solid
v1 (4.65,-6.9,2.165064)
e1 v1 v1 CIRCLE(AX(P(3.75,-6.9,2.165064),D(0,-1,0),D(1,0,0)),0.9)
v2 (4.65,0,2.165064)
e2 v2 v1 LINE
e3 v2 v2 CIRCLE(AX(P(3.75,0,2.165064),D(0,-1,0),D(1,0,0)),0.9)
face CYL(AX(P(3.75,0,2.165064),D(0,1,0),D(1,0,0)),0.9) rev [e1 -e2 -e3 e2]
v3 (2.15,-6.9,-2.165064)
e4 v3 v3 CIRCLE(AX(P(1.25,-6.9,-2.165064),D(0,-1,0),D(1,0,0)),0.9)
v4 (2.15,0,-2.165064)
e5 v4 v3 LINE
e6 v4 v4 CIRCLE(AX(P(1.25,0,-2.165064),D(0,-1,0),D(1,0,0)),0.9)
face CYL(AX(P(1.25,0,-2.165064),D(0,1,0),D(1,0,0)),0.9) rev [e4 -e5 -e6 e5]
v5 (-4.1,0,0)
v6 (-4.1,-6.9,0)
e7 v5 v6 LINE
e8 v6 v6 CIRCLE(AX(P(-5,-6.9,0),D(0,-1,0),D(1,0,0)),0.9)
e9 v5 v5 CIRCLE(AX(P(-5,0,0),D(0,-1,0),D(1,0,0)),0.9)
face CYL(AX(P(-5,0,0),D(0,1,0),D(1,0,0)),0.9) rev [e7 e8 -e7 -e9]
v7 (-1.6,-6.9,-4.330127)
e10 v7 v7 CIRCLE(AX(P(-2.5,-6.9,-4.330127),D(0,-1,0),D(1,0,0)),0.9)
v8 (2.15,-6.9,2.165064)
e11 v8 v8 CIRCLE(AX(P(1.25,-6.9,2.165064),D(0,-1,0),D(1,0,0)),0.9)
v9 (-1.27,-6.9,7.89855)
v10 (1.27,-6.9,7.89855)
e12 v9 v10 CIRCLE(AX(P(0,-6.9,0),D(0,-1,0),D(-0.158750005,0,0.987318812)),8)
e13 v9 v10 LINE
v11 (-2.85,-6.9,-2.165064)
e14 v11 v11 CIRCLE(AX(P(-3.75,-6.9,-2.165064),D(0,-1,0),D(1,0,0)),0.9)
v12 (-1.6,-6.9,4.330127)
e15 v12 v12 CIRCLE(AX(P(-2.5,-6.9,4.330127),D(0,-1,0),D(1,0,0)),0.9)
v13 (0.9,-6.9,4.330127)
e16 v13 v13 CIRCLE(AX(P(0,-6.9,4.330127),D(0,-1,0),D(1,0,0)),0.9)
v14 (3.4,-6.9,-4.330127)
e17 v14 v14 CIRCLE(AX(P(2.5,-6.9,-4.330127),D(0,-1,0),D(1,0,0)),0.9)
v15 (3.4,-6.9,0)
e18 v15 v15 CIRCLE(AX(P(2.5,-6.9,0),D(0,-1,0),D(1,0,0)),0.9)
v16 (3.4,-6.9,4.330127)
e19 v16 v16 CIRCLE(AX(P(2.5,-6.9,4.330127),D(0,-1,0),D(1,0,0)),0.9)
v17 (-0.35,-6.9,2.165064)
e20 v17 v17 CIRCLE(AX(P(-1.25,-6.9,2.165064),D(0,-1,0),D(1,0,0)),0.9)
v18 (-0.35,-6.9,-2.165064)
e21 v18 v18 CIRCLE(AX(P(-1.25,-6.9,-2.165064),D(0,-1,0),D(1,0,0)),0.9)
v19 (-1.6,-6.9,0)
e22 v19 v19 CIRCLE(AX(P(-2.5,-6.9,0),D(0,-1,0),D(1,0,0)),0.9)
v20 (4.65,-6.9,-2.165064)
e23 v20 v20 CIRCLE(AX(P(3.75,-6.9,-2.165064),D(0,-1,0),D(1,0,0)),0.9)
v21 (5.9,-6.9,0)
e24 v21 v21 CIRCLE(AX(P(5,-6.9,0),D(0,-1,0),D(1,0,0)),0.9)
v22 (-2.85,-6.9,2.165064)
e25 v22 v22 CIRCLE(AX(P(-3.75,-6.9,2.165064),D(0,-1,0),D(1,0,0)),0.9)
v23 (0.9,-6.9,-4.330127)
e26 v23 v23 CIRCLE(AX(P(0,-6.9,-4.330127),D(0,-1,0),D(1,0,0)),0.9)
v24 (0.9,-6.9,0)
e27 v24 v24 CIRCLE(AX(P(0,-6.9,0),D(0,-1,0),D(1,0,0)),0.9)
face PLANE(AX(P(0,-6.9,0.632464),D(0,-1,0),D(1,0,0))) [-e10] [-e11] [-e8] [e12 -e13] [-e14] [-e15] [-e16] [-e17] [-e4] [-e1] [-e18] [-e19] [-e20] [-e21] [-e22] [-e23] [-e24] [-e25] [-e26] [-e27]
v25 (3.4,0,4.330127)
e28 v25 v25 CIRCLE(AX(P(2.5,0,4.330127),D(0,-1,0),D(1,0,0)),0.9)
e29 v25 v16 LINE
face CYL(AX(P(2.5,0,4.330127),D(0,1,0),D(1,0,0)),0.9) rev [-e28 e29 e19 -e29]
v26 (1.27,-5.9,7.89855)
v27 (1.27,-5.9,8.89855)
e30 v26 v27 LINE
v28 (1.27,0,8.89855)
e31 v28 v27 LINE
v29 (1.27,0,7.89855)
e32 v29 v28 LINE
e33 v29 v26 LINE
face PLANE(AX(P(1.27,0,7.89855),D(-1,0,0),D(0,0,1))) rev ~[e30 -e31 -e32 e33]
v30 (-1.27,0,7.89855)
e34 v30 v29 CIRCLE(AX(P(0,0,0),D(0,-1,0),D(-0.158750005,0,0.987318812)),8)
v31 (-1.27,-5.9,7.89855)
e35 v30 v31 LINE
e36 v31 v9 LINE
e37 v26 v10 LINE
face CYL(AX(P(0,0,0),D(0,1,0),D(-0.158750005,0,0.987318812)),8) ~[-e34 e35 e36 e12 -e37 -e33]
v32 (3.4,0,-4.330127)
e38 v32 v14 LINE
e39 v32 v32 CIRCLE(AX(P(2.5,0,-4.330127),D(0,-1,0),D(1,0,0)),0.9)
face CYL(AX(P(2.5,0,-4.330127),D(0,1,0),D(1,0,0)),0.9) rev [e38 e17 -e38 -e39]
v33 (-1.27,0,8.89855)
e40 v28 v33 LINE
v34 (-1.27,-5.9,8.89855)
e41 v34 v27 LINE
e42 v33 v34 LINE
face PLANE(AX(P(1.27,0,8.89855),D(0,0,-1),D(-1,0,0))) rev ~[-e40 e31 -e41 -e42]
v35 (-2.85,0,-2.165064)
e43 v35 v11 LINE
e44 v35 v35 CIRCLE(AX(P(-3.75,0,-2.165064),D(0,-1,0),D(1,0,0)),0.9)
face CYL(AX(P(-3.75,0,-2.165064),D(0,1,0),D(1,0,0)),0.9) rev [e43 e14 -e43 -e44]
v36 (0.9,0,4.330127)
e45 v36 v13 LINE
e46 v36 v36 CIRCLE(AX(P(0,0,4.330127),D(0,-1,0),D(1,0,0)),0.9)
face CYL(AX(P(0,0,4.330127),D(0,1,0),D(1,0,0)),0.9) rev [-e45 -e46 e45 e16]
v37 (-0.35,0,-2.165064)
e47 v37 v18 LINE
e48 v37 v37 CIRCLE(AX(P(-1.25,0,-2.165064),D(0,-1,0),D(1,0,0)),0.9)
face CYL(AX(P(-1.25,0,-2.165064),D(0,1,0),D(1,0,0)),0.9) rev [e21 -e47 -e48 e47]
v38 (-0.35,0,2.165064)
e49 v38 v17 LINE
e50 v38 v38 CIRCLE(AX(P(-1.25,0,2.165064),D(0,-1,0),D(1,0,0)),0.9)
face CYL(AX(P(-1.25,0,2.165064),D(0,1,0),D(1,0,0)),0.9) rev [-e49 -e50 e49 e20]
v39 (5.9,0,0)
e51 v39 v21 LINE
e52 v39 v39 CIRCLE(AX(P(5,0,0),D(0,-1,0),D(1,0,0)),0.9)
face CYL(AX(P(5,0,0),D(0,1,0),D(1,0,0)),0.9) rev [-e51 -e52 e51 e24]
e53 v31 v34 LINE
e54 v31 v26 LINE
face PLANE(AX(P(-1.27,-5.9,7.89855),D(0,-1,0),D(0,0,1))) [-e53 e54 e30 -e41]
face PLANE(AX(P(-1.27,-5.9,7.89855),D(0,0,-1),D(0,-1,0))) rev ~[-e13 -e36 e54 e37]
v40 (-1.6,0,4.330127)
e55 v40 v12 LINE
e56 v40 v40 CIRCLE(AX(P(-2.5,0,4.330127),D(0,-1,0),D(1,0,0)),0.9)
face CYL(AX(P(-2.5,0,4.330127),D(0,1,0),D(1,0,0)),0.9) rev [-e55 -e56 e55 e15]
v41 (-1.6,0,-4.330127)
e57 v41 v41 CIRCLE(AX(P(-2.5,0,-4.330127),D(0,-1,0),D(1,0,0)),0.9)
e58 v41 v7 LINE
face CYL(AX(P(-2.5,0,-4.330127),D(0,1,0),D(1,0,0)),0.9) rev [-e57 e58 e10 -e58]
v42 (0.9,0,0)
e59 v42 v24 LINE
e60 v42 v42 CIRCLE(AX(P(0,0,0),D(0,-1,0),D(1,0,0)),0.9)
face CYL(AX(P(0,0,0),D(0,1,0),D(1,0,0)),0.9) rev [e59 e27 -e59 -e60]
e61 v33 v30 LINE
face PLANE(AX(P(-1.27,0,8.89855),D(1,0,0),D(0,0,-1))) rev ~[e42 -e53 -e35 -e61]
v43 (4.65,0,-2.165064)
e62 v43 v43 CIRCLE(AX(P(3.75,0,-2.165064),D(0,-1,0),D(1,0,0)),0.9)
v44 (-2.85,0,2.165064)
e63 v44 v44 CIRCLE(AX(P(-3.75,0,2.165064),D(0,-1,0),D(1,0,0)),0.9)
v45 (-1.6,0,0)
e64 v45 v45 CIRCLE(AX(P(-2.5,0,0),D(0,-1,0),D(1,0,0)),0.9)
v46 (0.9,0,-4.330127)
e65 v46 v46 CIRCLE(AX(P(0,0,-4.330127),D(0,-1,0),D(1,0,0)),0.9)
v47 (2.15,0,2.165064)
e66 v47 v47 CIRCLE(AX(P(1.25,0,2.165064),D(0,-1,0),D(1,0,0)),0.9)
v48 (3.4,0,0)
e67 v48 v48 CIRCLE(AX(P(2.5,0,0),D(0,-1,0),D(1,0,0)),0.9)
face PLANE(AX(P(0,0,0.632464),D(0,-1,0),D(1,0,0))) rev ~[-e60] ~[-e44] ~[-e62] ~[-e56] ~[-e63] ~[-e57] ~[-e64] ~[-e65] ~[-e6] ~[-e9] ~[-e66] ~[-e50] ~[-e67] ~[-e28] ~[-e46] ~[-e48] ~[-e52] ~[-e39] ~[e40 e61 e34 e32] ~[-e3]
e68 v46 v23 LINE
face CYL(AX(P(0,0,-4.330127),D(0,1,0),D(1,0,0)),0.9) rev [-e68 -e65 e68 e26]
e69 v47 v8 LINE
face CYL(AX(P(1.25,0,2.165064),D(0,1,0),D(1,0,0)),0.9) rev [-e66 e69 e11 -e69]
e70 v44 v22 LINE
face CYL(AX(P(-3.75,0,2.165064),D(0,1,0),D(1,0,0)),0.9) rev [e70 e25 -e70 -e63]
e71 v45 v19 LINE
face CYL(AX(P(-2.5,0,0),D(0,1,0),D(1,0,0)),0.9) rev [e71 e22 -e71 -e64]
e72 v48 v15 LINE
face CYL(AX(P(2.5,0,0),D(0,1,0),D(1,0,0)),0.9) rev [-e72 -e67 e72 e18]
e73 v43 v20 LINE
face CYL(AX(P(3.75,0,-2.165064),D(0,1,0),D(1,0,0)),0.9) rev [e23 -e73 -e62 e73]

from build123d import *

# Parameters (mm, degrees)
F0_R     = 0.9
F1_DEPTH = 6.9
F2_W     = 1
F2_H     = 1
F3_DEPTH = 2.54


with BuildPart() as f1:
    # F0 (on Front) → F1 (new body)
    with BuildSketch(Plane.XZ):
        with BuildLine():
            Line((-1.27, 8.89855), (-1.27, 7.89855))
            ThreePointArc((-1.27, 7.89855), (0, -8), (1.27, 7.89855))
            Line((1.27, 7.89855), (1.27, 8.89855))
            Line((1.27, 8.89855), (-1.27, 8.89855))
        make_face()
        with Locations((-2.5, -4.330127)):
            Circle(F0_R, mode=Mode.SUBTRACT)
        with Locations((-5, 0)):
            Circle(F0_R, mode=Mode.SUBTRACT)
        with Locations((-3.75, -2.165064)):
            Circle(F0_R, mode=Mode.SUBTRACT)
        with Locations((-1.25, -2.165064)):
            Circle(F0_R, mode=Mode.SUBTRACT)
        with Locations((-2.5, 0)):
            Circle(F0_R, mode=Mode.SUBTRACT)
        with Locations((0, -4.330127)):
            Circle(F0_R, mode=Mode.SUBTRACT)
        with Locations((2.5, -4.330127)):
            Circle(F0_R, mode=Mode.SUBTRACT)
        with Locations((1.25, -2.165064)):
            Circle(F0_R, mode=Mode.SUBTRACT)
        with Locations((3.75, -2.165064)):
            Circle(F0_R, mode=Mode.SUBTRACT)
        Circle(F0_R, mode=Mode.SUBTRACT)
        with Locations((2.5, 0)):
            Circle(F0_R, mode=Mode.SUBTRACT)
        with Locations((5, 0)):
            Circle(F0_R, mode=Mode.SUBTRACT)
        with Locations((-3.75, 2.165064)):
            Circle(F0_R, mode=Mode.SUBTRACT)
        with Locations((-1.25, 2.165064)):
            Circle(F0_R, mode=Mode.SUBTRACT)
        with Locations((-2.5, 4.330127)):
            Circle(F0_R, mode=Mode.SUBTRACT)
        with Locations((1.25, 2.165064)):
            Circle(F0_R, mode=Mode.SUBTRACT)
        with Locations((3.75, 2.165064)):
            Circle(F0_R, mode=Mode.SUBTRACT)
        with Locations((0, 4.330127)):
            Circle(F0_R, mode=Mode.SUBTRACT)
        with Locations((2.5, 4.330127)):
            Circle(F0_R, mode=Mode.SUBTRACT)
    extrude(amount=F1_DEPTH)

    # F2 (on face) → F3 (cut)
    with BuildSketch(Plane(origin=(-1.27, 0, 0), x_dir=(0, -1, 0), z_dir=(-1, 0, 0))):
        with Locations((6.4, 8.39855)):
            Rectangle(F2_W, F2_H)
    extrude(amount=-F3_DEPTH, mode=Mode.SUBTRACT)


solid = f1.part
